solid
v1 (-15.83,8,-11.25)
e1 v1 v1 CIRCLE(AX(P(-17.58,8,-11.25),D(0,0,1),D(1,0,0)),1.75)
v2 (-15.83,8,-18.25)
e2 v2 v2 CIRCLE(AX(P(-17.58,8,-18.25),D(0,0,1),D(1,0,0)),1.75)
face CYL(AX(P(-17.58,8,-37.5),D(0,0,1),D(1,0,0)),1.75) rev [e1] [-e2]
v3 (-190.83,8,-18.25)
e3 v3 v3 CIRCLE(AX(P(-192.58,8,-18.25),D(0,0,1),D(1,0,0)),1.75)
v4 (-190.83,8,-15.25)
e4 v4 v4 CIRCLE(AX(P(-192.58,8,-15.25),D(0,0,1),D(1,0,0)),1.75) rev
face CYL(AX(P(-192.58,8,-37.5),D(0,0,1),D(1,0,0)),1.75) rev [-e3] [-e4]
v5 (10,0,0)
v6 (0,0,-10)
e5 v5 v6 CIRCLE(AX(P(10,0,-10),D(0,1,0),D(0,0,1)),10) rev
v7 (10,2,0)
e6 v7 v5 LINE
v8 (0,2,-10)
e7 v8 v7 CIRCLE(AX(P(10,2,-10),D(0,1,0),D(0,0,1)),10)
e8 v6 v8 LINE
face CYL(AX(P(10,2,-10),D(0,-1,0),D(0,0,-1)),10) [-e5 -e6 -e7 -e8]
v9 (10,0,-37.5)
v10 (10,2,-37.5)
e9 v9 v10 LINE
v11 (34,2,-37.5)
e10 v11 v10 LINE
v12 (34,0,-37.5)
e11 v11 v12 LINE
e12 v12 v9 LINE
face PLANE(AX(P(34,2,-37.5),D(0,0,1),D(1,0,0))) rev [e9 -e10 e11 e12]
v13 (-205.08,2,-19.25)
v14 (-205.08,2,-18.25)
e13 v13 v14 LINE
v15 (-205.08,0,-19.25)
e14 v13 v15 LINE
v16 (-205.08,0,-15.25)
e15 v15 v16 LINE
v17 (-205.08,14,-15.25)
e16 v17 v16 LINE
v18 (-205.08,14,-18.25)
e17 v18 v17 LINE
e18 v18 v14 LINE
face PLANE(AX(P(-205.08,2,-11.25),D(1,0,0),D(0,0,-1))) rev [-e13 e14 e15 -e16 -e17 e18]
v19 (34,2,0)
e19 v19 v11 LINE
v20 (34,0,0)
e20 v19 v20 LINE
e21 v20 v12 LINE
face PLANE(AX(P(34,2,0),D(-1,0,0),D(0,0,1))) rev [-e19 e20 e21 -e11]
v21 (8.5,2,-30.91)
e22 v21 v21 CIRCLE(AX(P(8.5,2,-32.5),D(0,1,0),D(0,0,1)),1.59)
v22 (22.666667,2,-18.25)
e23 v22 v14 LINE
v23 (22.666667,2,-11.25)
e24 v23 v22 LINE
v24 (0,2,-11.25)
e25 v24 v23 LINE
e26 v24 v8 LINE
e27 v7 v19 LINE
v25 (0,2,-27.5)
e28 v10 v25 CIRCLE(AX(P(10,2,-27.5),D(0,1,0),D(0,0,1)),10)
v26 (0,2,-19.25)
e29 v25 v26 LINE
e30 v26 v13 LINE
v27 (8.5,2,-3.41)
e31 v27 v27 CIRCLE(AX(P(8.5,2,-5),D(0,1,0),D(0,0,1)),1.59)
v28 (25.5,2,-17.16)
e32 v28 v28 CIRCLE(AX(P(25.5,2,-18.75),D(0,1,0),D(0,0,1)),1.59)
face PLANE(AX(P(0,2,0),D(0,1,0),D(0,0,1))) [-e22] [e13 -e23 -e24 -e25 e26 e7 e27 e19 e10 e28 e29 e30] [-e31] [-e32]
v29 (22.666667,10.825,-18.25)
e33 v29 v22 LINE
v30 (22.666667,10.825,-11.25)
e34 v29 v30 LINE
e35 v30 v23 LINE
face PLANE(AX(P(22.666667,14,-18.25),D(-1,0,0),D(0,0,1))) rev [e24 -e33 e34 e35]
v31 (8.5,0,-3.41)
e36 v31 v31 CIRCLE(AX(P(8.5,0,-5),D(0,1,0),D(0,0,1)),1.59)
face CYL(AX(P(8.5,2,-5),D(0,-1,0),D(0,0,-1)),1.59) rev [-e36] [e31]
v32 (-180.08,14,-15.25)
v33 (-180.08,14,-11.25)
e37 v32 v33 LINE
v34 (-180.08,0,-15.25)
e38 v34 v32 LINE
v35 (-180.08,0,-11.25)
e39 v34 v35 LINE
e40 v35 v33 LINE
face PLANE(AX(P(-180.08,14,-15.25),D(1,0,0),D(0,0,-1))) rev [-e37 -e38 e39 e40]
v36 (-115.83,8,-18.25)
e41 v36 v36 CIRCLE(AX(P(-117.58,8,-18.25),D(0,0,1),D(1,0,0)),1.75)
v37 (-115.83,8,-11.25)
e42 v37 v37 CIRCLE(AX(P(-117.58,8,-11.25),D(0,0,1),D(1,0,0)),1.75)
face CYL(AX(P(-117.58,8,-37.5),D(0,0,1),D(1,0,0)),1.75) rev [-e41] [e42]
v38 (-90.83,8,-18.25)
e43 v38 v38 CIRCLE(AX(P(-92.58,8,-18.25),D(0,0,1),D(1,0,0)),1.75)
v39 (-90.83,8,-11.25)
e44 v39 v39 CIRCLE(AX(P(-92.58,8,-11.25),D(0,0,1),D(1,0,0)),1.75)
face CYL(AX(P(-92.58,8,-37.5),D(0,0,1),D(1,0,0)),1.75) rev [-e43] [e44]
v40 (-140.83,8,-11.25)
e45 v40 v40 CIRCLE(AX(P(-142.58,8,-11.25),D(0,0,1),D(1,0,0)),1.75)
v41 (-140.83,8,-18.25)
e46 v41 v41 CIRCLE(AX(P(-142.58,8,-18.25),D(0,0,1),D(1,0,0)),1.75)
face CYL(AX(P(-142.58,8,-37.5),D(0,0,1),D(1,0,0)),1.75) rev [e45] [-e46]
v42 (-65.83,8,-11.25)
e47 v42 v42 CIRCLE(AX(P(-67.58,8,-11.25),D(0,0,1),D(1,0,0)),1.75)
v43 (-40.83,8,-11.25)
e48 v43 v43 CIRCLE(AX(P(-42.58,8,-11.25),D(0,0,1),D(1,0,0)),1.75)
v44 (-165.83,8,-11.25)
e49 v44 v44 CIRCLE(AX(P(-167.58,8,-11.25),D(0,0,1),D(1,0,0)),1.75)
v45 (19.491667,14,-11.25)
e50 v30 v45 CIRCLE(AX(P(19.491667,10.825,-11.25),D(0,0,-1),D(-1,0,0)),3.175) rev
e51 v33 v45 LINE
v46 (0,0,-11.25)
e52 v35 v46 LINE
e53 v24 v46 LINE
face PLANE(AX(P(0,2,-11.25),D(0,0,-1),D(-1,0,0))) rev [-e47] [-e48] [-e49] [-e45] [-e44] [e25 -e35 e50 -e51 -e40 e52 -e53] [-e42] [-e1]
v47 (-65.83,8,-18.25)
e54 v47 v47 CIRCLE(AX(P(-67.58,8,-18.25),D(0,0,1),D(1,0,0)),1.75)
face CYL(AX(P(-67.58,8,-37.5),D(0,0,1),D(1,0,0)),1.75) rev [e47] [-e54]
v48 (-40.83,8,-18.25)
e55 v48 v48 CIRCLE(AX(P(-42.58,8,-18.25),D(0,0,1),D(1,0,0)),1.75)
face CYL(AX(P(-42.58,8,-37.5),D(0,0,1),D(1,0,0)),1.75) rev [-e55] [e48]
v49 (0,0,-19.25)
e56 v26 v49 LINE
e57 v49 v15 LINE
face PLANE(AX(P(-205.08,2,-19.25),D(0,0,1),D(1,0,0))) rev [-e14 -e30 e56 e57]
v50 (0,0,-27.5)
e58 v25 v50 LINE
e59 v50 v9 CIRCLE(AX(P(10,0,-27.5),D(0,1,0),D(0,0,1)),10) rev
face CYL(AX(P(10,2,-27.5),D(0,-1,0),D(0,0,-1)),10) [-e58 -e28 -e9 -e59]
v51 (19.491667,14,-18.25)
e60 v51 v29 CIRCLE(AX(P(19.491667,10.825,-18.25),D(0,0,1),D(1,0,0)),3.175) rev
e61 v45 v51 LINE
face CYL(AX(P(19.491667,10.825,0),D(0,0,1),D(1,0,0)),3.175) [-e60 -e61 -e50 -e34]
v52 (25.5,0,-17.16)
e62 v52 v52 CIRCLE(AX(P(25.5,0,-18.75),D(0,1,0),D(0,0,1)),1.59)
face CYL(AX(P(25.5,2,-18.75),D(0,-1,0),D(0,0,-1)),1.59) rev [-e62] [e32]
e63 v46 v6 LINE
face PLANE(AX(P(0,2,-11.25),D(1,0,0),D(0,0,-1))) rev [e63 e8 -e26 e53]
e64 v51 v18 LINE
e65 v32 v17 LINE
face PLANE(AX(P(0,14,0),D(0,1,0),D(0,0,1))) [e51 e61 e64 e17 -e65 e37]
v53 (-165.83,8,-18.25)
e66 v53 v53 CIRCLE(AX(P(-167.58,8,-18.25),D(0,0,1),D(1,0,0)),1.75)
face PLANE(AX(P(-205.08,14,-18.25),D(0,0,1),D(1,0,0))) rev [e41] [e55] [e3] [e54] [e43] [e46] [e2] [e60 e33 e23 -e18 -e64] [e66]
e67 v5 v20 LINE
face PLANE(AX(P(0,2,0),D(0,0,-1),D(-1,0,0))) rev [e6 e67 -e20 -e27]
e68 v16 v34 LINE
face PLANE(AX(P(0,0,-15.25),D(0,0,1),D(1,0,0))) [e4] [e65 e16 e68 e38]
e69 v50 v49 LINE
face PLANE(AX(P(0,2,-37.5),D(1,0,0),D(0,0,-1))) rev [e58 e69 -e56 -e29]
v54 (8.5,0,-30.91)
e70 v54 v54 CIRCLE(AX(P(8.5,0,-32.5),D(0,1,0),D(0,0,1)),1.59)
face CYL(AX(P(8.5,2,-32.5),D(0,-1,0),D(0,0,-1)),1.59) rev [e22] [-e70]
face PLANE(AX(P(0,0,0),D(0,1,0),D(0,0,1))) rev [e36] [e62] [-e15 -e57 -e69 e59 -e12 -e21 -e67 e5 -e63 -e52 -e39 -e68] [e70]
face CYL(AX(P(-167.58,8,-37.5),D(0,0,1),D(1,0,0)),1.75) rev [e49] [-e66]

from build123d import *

# Parameters (mm, degrees)
TOPSKETCH1_R                        = 1.59
TOPBOSS_EXTRUDE1_DEPTH              = 2
FILLET1_R                           = 10
LINEARRAILHEIGHTSKETCH2_W           = 227.746666667
LINEARRAILHEIGHTSKETCH2_H           = 7
LINEARRAILHEIGHTBOSS_EXTRUDE2_DEPTH = 12
LINEARRAILHOLESSKETCH3_R            = 1.75
LINEARRAILHOLESCUT_EXTRUDE1_DEPTH   = 208.226612432
CONNECTINGPLATESKETCH1_W            = 25
CONNECTINGPLATESKETCH1_H            = 14
CONNECTINGPLATECUT_EXTRUDE1_DEPTH   = 4
FILLET2_R                           = 3.175


with BuildPart() as part:
    # TopSketch1 → TopBoss-Extrude1 (new body)
    with BuildSketch(Plane(origin=(0, 0, 0), x_dir=(1, 0, 0), z_dir=(0, 1, 0))):
        Polygon((0, 0), (34, 0), (34, 37.5), (0, 37.5), (0, 19.25), (-205.08, 19.25), (-205.08, 11.25), (0, 11.25), align=None)
        with Locations(Location((8.5, 32.5, 0), (0, 0, 270))):
            Circle(TOPSKETCH1_R, mode=Mode.SUBTRACT)
        with Locations(Location((8.5, 5, 0), (0, 0, 270))):
            Circle(TOPSKETCH1_R, mode=Mode.SUBTRACT)
        with Locations(Location((25.5, 18.75, 0), (0, 0, 270))):
            Circle(TOPSKETCH1_R, mode=Mode.SUBTRACT)
    extrude(amount=TOPBOSS_EXTRUDE1_DEPTH)

    # Fillet1
    fillet1_edges = [part.edges().sort_by_distance(p)[0] for p in [
        (0, 1, -37.5),
        (0, 1, 0),
    ]]
    fillet(fillet1_edges, radius=FILLET1_R)

    # LinearRailHEightSketch2 → LinearRailHeightBoss-Extrude2 (add)
    with BuildSketch(Plane(origin=(0, 2, 0), x_dir=(1, 0, 0), z_dir=(0, 1, 0))):
        with Locations((-91.206666667, 14.75)):
            Rectangle(LINEARRAILHEIGHTSKETCH2_W, LINEARRAILHEIGHTSKETCH2_H)
    extrude(amount=LINEARRAILHEIGHTBOSS_EXTRUDE2_DEPTH)

    # LinearRailHolesSketch3 → LinearRailHolesCut-Extrude1 (cut, through all)
    with BuildSketch(Plane.XY.offset(-11.25)):
        with Locations((-192.58, 8)):
            Circle(LINEARRAILHOLESSKETCH3_R)
        with Locations((-167.58, 8)):
            Circle(LINEARRAILHOLESSKETCH3_R)
        with Locations((-142.58, 8)):
            Circle(LINEARRAILHOLESSKETCH3_R)
        with Locations((-117.58, 8)):
            Circle(LINEARRAILHOLESSKETCH3_R)
        with Locations((-92.58, 8)):
            Circle(LINEARRAILHOLESSKETCH3_R)
        with Locations((-67.58, 8)):
            Circle(LINEARRAILHOLESSKETCH3_R)
        with Locations((-42.58, 8)):
            Circle(LINEARRAILHOLESSKETCH3_R)
        with Locations((-17.58, 8)):
            Circle(LINEARRAILHOLESSKETCH3_R)
    extrude(amount=-LINEARRAILHOLESCUT_EXTRUDE1_DEPTH, mode=Mode.SUBTRACT)

    # ConnectingPlateSketch1 → ConnectingPlateCut-Extrude1 (cut)
    with BuildSketch(Plane.XY.offset(-11.25)):
        with Locations((-192.58, 7)):
            Rectangle(CONNECTINGPLATESKETCH1_W, CONNECTINGPLATESKETCH1_H)
    extrude(amount=-CONNECTINGPLATECUT_EXTRUDE1_DEPTH, mode=Mode.SUBTRACT)

    # Fillet2
    fillet2_edges = [part.edges().sort_by_distance(p)[0] for p in [
        (22.666666667, 14, -14.75),
    ]]
    fillet(fillet2_edges, radius=FILLET2_R)


solid = part.part
